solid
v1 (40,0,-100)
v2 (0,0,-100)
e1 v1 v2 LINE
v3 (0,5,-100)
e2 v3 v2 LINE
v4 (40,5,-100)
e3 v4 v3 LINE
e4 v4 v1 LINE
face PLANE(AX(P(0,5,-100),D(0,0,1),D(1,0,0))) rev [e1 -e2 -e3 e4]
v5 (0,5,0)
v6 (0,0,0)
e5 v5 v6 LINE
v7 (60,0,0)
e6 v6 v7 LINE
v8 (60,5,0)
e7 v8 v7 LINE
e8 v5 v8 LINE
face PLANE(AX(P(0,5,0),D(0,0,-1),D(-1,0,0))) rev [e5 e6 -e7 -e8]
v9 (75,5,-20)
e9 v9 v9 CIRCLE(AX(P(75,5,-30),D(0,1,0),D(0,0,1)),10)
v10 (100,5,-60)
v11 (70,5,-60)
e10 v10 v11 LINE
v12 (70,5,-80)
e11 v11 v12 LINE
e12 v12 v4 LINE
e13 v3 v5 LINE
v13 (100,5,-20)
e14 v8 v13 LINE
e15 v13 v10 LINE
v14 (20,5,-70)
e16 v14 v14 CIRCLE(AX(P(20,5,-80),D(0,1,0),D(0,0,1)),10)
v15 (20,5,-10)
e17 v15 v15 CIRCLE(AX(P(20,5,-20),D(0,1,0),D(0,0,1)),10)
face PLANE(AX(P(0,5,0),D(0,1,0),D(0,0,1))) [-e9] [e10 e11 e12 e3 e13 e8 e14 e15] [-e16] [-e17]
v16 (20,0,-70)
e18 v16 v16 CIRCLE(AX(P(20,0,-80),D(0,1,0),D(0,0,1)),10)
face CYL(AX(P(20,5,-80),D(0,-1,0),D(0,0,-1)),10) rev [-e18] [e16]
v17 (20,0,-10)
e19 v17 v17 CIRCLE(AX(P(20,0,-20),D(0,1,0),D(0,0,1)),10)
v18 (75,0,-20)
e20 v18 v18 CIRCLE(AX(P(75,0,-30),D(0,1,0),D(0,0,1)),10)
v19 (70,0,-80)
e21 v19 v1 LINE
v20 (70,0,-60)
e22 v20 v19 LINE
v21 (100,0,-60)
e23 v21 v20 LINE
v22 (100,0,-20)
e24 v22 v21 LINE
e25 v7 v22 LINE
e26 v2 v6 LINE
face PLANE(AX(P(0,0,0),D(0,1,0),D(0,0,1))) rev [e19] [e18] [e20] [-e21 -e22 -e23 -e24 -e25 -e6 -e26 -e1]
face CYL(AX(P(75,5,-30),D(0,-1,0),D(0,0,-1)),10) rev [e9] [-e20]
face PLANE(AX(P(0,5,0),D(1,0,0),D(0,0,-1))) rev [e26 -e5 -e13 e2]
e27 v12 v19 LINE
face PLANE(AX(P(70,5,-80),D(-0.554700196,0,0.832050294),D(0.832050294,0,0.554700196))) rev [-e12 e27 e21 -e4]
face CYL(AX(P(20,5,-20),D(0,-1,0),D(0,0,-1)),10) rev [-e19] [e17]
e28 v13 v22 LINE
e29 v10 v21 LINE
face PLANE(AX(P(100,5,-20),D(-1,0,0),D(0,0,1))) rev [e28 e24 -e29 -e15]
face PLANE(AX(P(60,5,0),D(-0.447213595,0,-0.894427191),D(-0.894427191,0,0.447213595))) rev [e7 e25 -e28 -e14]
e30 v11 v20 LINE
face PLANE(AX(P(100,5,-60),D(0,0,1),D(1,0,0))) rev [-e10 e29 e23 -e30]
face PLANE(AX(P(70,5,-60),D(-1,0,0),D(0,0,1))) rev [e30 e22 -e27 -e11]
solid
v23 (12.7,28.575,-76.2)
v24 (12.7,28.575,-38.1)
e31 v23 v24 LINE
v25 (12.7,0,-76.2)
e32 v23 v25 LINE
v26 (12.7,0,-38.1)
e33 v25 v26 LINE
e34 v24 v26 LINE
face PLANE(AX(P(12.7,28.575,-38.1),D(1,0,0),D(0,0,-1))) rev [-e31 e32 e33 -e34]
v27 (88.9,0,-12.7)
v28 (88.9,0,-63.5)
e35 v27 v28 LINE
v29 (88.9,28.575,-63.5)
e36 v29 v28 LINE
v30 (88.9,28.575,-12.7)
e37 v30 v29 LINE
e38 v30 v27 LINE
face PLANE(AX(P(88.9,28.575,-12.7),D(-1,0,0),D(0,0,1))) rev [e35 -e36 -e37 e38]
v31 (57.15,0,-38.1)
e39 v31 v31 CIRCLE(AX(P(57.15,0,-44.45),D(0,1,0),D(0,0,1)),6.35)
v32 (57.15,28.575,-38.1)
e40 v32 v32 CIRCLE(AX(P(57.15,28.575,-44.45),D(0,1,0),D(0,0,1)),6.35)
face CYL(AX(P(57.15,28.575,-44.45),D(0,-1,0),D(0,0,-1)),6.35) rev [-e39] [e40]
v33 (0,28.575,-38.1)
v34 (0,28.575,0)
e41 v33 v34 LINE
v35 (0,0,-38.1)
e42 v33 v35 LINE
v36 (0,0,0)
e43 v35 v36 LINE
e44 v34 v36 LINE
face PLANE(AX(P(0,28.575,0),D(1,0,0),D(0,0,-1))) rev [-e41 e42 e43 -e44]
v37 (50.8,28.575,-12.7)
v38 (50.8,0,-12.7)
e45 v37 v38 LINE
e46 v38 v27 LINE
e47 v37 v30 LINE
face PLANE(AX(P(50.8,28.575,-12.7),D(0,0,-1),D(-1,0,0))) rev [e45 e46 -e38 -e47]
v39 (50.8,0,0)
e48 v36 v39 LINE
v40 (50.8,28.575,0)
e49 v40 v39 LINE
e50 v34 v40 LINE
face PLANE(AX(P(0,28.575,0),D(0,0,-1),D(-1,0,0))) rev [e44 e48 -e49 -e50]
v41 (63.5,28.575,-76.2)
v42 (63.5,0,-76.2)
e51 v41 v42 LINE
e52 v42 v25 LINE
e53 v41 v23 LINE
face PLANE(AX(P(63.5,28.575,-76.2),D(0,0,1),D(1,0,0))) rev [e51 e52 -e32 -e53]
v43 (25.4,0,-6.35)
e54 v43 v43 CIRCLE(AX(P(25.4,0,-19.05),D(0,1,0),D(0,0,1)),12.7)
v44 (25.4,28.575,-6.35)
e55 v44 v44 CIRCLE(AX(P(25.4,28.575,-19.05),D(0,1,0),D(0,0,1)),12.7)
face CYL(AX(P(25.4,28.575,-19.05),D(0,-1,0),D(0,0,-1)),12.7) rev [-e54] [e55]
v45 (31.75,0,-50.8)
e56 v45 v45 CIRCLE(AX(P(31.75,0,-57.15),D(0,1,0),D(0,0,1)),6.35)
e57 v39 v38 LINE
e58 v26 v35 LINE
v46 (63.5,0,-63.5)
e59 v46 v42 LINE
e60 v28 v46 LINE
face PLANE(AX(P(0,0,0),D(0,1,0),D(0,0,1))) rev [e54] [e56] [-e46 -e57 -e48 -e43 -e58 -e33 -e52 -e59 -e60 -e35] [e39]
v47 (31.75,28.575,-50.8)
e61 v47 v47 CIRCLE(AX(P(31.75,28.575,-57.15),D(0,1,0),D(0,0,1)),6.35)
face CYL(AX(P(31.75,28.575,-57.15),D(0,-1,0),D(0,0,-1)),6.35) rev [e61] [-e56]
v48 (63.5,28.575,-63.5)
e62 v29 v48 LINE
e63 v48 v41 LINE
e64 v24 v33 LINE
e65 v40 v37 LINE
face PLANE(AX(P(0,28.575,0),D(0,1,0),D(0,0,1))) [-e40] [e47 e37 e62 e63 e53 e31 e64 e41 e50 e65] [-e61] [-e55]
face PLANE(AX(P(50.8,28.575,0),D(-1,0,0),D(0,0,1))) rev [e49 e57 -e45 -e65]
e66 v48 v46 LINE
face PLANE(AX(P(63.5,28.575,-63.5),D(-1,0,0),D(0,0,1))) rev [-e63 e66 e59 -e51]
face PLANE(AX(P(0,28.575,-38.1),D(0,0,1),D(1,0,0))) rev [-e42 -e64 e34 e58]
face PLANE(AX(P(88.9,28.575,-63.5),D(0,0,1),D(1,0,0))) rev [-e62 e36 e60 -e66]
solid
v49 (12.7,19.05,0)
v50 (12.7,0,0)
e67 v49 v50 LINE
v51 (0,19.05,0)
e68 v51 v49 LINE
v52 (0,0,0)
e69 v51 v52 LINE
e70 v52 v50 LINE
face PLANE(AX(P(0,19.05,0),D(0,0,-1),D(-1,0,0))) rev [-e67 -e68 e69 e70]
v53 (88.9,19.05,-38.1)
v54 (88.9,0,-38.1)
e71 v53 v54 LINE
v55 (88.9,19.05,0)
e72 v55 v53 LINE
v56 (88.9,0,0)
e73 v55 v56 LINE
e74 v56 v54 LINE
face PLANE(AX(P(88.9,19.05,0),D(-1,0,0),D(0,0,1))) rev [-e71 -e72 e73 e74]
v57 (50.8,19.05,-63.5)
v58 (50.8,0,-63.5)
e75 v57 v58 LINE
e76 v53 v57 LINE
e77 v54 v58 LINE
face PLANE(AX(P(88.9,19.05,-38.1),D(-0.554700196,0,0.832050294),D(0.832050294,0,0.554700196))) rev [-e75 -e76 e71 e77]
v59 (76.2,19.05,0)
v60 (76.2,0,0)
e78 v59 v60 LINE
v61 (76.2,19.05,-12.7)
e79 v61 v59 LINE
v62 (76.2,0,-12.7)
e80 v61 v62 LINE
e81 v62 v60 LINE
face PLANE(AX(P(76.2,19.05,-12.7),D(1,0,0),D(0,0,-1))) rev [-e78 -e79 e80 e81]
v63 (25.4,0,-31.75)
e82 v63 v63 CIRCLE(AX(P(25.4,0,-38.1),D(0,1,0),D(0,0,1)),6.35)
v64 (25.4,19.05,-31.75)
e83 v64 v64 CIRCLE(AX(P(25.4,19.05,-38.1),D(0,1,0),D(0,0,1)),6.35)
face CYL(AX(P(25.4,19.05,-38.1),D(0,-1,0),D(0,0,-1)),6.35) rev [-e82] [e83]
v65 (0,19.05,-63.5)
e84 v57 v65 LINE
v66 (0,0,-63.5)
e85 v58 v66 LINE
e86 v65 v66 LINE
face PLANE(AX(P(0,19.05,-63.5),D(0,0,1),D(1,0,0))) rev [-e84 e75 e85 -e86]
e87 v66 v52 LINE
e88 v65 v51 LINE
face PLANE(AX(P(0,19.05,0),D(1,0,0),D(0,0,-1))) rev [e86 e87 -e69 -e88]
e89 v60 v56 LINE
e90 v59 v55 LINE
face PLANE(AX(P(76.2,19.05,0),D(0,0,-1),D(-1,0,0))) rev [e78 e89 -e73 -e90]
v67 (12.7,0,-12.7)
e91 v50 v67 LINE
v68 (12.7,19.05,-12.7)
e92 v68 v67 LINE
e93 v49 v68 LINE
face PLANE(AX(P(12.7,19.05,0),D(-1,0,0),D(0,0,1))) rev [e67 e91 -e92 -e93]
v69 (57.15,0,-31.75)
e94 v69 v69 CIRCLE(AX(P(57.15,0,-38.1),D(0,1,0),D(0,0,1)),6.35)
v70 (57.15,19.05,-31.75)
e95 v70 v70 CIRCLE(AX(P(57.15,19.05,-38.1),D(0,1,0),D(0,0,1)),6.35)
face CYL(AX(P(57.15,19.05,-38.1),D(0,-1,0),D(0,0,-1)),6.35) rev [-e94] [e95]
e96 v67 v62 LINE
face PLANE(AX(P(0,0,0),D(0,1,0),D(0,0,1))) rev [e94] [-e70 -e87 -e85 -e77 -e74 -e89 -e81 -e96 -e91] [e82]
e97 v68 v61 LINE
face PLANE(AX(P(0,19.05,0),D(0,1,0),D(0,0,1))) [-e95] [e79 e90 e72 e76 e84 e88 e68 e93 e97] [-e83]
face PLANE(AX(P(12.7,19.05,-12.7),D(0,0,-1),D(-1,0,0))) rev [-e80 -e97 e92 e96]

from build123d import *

# Parameters (mm, degrees)
SKETCH2_R           = 6.35
BOSS_EXTRUDE1_DEPTH = 19.05
SKETCH3_R           = 12.7
SKETCH3_R_2         = 6.35
BOSS_EXTRUDE2_DEPTH = 28.575
SKETCH5_R           = 10
BOSS_EXTRUDE3_DEPTH = 5


with BuildPart() as part:
    # Sketch2 → Boss-Extrude1 (new body)
    with BuildSketch(Plane(origin=(0, 0, 0), x_dir=(1, 0, 0), z_dir=(0, 1, 0))):
        Polygon((0, 0), (0, 63.5), (50.8, 63.5), (88.9, 38.1), (88.9, 0), (76.2, 0), (76.2, 12.7), (12.7, 12.7), (12.7, 0), align=None)
        with Locations((25.4, 38.1)):
            Circle(SKETCH2_R, mode=Mode.SUBTRACT)
        with Locations((57.15, 38.1)):
            Circle(SKETCH2_R, mode=Mode.SUBTRACT)
    extrude(amount=BOSS_EXTRUDE1_DEPTH)


with BuildPart() as body_2:
    # Sketch3 → Boss-Extrude2 (new body)
    with BuildSketch(Plane(origin=(0, 0, 0), x_dir=(1, 0, 0), z_dir=(0, 1, 0))):
        Polygon((0, 0), (0, 38.1), (12.7, 38.1), (12.7, 76.2), (63.5, 76.2), (63.5, 63.5), (88.9, 63.5), (88.9, 12.7), (50.8, 12.7), (50.8, 0), align=None)
        with Locations((25.4, 19.05)):
            Circle(SKETCH3_R, mode=Mode.SUBTRACT)
        with Locations((31.75, 57.15)):
            Circle(SKETCH3_R_2, mode=Mode.SUBTRACT)
        with Locations((57.15, 44.45)):
            Circle(SKETCH3_R_2, mode=Mode.SUBTRACT)
    extrude(amount=BOSS_EXTRUDE2_DEPTH)


with BuildPart() as body_3:
    # Sketch5 → Boss-Extrude3 (new body)
    with BuildSketch(Plane(origin=(0, 0, 0), x_dir=(1, 0, 0), z_dir=(0, 1, 0))):
        Polygon((0, 0), (0, 100), (40, 100), (70, 80), (70, 60), (100, 60), (100, 20), (60, 0), align=None)
        with Locations((20, 80)):
            Circle(SKETCH5_R, mode=Mode.SUBTRACT)
        with Locations((20, 20)):
            Circle(SKETCH5_R, mode=Mode.SUBTRACT)
        with Locations((75, 30)):
            Circle(SKETCH5_R, mode=Mode.SUBTRACT)
    extrude(amount=BOSS_EXTRUDE3_DEPTH)


solid = Compound([part.part, body_2.part, body_3.part])
